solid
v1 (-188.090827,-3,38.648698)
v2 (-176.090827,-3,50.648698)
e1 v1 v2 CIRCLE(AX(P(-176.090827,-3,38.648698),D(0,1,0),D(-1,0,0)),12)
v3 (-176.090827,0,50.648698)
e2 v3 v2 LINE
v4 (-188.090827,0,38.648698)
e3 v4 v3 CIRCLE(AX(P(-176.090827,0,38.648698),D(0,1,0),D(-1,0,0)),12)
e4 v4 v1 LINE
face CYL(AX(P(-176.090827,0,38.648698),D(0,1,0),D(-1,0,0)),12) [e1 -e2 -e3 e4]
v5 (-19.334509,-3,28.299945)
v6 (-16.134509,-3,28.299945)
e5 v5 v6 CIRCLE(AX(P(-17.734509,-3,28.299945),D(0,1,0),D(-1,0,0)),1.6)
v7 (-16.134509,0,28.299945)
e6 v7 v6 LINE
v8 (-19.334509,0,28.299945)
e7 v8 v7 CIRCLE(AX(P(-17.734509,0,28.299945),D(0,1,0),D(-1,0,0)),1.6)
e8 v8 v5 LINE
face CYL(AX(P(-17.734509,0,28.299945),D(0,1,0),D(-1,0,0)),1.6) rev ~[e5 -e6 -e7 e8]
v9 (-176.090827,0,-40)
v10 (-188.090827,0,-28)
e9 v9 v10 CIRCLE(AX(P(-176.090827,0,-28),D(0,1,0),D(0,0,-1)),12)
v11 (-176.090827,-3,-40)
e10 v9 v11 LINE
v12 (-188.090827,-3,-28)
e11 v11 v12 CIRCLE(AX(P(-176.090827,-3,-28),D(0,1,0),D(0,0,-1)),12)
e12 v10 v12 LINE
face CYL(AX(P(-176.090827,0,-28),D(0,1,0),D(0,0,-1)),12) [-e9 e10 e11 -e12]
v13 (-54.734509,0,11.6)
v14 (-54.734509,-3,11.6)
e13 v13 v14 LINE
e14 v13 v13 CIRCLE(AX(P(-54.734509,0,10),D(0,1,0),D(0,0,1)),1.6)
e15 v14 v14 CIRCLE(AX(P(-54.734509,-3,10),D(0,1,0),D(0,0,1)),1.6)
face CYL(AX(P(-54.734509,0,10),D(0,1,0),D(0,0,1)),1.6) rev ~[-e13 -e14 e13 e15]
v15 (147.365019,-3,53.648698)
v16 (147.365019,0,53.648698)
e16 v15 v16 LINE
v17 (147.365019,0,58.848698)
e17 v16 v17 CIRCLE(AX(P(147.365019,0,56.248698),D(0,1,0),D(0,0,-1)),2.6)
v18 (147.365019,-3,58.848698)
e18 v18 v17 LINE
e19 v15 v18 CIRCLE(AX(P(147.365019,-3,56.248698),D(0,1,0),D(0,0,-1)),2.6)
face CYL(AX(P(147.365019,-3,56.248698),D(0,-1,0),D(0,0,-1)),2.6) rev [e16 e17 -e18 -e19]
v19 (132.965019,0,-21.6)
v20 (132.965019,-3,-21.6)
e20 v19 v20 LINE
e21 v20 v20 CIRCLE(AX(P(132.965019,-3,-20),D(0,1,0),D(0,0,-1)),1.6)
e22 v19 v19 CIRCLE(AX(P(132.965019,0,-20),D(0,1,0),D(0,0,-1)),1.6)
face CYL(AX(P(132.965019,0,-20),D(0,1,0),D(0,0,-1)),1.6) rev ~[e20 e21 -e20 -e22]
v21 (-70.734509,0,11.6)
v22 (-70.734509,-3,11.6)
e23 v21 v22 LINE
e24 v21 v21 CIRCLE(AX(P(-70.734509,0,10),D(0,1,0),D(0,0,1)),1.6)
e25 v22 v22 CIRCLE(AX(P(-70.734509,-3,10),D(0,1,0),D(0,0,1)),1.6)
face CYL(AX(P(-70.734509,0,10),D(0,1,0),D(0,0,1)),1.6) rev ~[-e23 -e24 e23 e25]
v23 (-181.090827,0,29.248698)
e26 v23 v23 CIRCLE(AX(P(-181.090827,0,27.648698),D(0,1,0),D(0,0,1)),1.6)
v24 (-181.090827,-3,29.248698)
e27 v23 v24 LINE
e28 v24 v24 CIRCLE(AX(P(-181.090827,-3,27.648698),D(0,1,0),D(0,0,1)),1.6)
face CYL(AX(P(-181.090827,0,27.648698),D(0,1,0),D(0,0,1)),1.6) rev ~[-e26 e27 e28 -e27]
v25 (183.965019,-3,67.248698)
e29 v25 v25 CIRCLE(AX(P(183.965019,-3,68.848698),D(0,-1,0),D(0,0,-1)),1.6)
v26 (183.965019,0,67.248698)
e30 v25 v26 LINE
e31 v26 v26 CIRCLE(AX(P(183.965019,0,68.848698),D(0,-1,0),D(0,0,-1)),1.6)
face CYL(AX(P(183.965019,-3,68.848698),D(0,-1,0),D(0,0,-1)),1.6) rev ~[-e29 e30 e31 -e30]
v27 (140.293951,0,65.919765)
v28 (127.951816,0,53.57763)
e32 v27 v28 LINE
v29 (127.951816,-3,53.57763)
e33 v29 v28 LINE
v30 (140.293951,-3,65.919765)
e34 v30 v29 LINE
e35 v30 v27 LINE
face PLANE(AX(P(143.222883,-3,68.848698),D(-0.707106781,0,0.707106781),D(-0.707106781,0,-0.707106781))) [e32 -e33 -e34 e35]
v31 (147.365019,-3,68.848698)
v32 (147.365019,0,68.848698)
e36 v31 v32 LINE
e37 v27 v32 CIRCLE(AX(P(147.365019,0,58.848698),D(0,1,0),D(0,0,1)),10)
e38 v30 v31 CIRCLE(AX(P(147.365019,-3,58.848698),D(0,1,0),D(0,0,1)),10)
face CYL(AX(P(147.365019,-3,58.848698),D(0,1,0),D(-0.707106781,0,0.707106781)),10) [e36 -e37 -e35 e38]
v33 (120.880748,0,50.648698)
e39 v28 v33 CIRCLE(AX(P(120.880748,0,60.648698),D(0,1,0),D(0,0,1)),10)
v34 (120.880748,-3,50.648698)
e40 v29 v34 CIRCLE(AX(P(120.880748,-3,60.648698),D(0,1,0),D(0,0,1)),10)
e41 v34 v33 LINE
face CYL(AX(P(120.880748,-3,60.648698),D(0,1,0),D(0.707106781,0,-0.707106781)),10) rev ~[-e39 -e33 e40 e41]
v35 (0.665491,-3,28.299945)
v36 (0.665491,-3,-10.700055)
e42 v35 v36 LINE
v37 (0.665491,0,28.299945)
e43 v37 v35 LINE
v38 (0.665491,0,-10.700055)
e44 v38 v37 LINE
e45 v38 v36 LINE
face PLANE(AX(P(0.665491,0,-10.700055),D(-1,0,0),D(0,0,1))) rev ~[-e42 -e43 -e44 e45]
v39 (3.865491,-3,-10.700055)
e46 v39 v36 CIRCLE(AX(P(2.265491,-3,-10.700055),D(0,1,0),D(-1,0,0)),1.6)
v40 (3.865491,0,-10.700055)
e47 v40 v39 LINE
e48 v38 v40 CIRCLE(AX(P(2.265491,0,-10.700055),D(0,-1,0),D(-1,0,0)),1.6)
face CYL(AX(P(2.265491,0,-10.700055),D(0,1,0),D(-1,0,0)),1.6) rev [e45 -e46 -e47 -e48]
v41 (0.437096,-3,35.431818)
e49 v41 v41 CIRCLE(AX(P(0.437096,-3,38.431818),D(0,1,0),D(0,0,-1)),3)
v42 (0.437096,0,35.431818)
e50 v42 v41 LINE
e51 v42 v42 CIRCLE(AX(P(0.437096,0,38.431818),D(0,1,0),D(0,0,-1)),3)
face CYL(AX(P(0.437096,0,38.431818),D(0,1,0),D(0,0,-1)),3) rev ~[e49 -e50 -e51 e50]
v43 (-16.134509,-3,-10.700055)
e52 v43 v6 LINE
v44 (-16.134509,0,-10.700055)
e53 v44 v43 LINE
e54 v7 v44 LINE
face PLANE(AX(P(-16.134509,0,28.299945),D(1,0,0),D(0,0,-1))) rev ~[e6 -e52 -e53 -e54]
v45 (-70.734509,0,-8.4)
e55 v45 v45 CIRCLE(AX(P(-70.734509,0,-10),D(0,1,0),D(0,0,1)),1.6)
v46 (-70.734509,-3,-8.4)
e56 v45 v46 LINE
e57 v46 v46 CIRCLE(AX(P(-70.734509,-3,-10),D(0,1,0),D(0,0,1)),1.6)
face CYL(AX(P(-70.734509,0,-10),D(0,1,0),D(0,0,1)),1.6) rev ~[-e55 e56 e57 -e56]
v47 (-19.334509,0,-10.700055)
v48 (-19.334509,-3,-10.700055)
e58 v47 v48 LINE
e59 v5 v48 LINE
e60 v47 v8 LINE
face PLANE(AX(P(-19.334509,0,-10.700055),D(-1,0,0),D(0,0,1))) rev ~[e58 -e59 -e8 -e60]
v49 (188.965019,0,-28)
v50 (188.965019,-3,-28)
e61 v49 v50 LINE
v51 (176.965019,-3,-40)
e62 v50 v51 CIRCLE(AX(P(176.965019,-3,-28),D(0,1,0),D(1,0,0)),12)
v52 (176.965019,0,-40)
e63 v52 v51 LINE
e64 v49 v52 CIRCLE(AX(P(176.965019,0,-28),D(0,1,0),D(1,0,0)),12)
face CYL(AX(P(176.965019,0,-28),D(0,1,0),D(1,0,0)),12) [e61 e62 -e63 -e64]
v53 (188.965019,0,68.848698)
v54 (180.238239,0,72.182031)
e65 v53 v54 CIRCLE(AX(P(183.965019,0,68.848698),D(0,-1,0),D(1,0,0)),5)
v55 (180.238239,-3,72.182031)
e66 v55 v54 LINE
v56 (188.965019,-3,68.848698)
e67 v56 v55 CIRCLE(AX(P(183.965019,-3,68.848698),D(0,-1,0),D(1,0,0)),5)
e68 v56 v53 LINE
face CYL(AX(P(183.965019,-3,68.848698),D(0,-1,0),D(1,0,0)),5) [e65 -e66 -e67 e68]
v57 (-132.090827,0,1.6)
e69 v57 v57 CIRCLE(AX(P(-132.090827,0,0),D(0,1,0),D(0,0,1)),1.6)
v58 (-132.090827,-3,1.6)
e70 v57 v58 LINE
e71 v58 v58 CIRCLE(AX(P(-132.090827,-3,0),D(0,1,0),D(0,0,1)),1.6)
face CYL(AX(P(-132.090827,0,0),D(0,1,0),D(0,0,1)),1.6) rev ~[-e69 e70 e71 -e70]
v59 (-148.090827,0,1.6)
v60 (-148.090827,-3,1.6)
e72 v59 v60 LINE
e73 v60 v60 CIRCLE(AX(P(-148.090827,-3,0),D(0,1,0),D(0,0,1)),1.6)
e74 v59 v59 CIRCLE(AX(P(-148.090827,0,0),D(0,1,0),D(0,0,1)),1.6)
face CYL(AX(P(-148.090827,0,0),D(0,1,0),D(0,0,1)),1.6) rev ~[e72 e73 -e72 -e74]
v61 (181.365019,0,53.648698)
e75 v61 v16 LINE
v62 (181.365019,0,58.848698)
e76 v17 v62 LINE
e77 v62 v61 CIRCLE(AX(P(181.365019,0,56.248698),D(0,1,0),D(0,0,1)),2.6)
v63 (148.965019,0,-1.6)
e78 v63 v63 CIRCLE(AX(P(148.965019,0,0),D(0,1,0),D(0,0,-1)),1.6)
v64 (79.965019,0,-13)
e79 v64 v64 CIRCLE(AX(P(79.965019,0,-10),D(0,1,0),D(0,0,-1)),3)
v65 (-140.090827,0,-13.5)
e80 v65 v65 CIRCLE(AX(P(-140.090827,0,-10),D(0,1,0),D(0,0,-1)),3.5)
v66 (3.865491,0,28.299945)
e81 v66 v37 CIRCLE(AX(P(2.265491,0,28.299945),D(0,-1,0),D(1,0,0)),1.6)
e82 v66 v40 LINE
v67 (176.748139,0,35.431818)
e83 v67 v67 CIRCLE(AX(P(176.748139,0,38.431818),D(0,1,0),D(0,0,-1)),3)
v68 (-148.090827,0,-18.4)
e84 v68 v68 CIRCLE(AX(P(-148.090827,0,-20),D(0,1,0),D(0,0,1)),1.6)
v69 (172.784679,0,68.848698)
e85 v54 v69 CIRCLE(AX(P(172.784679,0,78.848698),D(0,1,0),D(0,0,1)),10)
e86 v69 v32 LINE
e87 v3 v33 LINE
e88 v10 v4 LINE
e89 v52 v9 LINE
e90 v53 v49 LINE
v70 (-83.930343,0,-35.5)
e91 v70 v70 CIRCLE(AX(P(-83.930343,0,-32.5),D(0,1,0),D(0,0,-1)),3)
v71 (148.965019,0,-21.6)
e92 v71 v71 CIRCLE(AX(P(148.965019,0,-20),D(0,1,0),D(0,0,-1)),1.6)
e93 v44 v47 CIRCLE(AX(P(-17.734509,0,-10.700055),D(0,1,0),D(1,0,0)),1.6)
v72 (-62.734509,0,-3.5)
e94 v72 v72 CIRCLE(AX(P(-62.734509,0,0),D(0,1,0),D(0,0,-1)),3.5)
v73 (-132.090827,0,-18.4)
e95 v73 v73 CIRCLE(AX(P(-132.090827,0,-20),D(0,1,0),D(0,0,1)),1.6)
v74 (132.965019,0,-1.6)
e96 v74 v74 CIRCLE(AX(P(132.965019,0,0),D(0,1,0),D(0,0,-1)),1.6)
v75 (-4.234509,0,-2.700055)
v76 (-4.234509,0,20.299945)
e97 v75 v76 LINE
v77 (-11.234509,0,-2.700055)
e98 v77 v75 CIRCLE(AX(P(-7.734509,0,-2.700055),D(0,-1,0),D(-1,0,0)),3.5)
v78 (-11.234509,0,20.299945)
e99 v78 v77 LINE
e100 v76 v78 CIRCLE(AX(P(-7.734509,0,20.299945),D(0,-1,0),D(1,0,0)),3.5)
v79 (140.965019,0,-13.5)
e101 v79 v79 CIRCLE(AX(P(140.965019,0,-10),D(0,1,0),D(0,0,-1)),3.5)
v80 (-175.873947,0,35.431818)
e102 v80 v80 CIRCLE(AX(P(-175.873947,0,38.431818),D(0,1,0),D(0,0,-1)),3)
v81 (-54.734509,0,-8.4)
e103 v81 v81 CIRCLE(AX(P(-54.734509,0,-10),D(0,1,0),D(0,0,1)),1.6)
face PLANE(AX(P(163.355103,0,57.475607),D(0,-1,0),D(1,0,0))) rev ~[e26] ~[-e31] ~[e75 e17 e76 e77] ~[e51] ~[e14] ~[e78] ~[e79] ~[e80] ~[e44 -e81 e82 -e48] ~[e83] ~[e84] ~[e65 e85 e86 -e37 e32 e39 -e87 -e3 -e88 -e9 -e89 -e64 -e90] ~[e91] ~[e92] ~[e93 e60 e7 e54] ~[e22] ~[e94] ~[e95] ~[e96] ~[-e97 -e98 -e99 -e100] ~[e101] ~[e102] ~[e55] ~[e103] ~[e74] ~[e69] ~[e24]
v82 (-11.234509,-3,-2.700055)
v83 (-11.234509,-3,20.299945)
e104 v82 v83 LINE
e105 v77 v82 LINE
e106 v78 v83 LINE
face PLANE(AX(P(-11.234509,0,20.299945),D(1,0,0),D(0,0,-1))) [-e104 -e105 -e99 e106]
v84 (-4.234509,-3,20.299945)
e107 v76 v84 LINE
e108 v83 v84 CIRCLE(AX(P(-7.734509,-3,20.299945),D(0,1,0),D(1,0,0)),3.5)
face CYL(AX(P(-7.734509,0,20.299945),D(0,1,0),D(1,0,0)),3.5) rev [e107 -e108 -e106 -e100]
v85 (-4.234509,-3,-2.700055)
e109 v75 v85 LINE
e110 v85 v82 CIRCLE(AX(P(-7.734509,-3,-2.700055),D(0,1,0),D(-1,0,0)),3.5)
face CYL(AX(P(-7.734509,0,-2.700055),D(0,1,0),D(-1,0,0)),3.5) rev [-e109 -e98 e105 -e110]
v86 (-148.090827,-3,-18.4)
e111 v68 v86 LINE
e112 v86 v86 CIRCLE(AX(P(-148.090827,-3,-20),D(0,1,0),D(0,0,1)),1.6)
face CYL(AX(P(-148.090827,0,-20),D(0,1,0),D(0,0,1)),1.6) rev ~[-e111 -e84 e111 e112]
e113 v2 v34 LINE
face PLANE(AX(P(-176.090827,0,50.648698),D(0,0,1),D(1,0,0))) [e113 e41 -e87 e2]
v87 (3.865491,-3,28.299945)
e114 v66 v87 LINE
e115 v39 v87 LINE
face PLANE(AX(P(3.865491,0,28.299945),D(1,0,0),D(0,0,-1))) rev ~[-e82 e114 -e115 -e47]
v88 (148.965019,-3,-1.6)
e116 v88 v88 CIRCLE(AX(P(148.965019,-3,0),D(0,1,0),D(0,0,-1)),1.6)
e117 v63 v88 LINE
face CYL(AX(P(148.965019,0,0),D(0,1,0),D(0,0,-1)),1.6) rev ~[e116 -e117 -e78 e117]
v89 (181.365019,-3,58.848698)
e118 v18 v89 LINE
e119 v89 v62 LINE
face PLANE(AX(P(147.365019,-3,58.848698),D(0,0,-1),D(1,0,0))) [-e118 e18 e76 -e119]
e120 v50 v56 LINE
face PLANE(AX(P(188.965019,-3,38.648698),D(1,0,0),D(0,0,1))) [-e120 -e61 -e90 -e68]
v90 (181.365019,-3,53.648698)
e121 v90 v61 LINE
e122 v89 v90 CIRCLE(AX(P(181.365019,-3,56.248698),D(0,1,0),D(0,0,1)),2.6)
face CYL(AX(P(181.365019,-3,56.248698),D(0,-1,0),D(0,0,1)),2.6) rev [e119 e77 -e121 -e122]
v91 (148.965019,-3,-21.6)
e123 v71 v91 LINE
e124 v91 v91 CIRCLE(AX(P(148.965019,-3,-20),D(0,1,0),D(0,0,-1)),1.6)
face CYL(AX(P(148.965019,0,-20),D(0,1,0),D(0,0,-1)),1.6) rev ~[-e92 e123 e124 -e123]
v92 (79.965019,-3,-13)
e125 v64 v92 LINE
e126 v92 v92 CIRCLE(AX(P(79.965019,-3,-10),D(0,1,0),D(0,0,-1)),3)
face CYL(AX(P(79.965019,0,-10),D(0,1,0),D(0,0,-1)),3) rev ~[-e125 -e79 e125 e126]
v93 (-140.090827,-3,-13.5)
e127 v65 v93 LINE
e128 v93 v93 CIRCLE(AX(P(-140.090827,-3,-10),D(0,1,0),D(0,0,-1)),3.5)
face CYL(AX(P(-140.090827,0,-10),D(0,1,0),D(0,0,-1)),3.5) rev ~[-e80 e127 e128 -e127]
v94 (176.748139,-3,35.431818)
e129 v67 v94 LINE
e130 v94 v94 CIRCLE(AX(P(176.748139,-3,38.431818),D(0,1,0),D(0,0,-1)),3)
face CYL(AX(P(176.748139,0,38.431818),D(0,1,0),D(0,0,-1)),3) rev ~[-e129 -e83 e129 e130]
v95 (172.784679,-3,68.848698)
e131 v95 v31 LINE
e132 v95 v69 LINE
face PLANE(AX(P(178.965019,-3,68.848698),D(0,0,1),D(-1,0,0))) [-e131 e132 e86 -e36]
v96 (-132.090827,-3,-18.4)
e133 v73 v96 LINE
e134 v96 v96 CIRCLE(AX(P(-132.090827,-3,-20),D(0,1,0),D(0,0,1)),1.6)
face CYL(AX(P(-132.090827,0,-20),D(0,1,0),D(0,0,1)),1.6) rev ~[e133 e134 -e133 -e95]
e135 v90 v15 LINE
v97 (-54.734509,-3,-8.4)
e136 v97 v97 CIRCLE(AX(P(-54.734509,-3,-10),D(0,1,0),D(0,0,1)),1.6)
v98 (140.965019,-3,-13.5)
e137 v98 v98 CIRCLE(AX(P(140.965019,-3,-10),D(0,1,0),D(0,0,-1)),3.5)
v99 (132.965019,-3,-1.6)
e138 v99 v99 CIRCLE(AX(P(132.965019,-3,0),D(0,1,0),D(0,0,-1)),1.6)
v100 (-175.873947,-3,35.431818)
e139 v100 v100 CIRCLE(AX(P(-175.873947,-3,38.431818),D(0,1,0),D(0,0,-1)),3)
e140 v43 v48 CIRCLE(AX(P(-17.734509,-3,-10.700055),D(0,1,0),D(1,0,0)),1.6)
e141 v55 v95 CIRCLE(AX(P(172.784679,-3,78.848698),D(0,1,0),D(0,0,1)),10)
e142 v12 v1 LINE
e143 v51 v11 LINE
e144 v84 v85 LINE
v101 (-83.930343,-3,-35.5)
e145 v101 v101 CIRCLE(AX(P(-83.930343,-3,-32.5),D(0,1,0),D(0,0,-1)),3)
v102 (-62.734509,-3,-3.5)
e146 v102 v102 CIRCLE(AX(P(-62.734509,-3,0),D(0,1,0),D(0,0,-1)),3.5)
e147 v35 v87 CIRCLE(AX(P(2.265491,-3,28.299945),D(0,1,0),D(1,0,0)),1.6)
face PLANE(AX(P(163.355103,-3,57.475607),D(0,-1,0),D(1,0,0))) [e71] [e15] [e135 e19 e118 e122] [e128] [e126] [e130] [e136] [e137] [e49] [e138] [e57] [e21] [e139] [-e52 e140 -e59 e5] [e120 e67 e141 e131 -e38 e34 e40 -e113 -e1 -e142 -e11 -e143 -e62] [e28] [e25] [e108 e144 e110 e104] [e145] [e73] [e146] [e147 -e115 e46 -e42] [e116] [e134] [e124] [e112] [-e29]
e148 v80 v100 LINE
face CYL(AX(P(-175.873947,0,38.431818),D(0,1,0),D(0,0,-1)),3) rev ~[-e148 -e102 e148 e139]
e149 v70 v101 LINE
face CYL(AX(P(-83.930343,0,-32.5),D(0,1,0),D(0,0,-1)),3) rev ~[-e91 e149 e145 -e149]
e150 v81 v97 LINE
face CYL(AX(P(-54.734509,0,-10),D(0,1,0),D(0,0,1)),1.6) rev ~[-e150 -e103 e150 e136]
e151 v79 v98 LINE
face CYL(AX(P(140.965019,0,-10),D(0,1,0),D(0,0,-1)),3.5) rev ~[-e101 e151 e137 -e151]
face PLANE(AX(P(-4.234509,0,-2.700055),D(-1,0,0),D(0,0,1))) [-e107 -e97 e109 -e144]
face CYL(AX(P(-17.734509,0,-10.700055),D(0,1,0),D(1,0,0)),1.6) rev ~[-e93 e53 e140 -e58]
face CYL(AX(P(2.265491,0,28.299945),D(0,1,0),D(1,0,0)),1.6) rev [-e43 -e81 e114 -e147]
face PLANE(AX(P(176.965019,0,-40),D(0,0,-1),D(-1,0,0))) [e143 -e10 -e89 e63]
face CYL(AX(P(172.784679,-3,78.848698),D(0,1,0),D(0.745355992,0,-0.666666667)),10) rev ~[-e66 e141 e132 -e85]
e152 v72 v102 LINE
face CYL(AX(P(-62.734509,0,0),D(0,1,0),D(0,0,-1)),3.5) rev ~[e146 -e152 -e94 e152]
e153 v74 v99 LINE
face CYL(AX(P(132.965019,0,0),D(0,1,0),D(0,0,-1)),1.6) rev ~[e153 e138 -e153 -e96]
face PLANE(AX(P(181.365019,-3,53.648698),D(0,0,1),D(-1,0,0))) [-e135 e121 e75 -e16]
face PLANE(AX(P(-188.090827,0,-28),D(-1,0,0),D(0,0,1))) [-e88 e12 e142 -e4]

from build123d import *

# Parameters (mm, degrees)
ESBO_O1_R                = 3.5
ESBO_O1_R_2              = 3
ESBO_O1_R_3              = 1.6
RESSALTO_EXTRUS_O1_DEPTH = 3
ESBO_O2_R                = 1.6
RESSALTO_EXTRUS_O2_DEPTH = 3
FILETE2_R                = 10
CORTE_EXTRUS_O1_DEPTH    = 203.904924863


with BuildPart() as part:
    # Esboço1 → Ressalto-extrusão1 (new body)
    with BuildSketch(Plane(origin=(0, 0, 0), x_dir=(1, 0, 0), z_dir=(0, 1, 0))):
        with BuildLine():
            Line((188.965018959, -38.648697641), (188.965018959, 28))
            ThreePointArc((188.965018959, 28), (185.450300333, 36.485281374), (176.965018959, 40))
            Line((176.965018959, 40), (-176.090826953, 40))
            ThreePointArc((-176.090826953, 40), (-184.576108327, 36.485281374), (-188.090826953, 28))
            Line((-188.090826953, 28), (-188.090826953, -38.648697641))
            ThreePointArc((-188.090826953, -38.648697641), (-184.576108327, -47.133979015), (-176.090826953, -50.648697641))
            Line((-176.090826953, -50.648697641), (176.965018959, -50.648697641))
            ThreePointArc((176.965018959, -50.648697641), (185.450300333, -47.133979015), (188.965018959, -38.648697641))
        make_face()
        with Locations(Location((-62.734509176, 0, 0), (0, 0, 90))):
            Circle(ESBO_O1_R, mode=Mode.SUBTRACT)
        with Locations(Location((176.748138959, -38.431817641, 0), (0, 0, 90))):
            Circle(ESBO_O1_R_2, mode=Mode.SUBTRACT)
        with Locations(Location((0.437096003, -38.431817641, 0), (0, 0, 90))):
            Circle(ESBO_O1_R_2, mode=Mode.SUBTRACT)
        with Locations(Location((79.965018959, 10, 0), (0, 0, 90))):
            Circle(ESBO_O1_R_2, mode=Mode.SUBTRACT)
        with Locations(Location((-140.090826953, 10, 0), (0, 0, 90))):
            Circle(ESBO_O1_R, mode=Mode.SUBTRACT)
        with Locations(Location((-148.090826953, 0, 0), (0, 0, 270))):
            Circle(ESBO_O1_R_3, mode=Mode.SUBTRACT)
        with Locations(Location((-132.090826953, 0, 0), (0, 0, 270))):
            Circle(ESBO_O1_R_3, mode=Mode.SUBTRACT)
        with Locations(Location((-132.090826953, 20, 0), (0, 0, 270))):
            Circle(ESBO_O1_R_3, mode=Mode.SUBTRACT)
        with Locations(Location((-148.090826953, 20, 0), (0, 0, 270))):
            Circle(ESBO_O1_R_3, mode=Mode.SUBTRACT)
        with Locations(Location((-70.734509176, -10, 0), (0, 0, 270))):
            Circle(ESBO_O1_R_3, mode=Mode.SUBTRACT)
        with Locations(Location((-70.734509176, 10, 0), (0, 0, 270))):
            Circle(ESBO_O1_R_3, mode=Mode.SUBTRACT)
        with Locations(Location((-54.734509176, 10, 0), (0, 0, 270))):
            Circle(ESBO_O1_R_3, mode=Mode.SUBTRACT)
        with Locations(Location((-54.734509176, -10, 0), (0, 0, 270))):
            Circle(ESBO_O1_R_3, mode=Mode.SUBTRACT)
        with Locations(Location((-83.930342624, 32.5, 0), (0, 0, 90))):
            Circle(ESBO_O1_R_2, mode=Mode.SUBTRACT)
        with Locations(Location((-175.873946953, -38.431817641, 0), (0, 0, 90))):
            Circle(ESBO_O1_R_2, mode=Mode.SUBTRACT)
        with Locations(Location((140.965018959, 10, 0), (0, 0, 90))):
            Circle(ESBO_O1_R, mode=Mode.SUBTRACT)
        with Locations(Location((148.965018959, 0, 0), (0, 0, 90))):
            Circle(ESBO_O1_R_3, mode=Mode.SUBTRACT)
        with Locations(Location((148.965018959, 20, 0), (0, 0, 90))):
            Circle(ESBO_O1_R_3, mode=Mode.SUBTRACT)
        with Locations(Location((132.965018959, 0, 0), (0, 0, 90))):
            Circle(ESBO_O1_R_3, mode=Mode.SUBTRACT)
        with Locations(Location((132.965018959, 20, 0), (0, 0, 90))):
            Circle(ESBO_O1_R_3, mode=Mode.SUBTRACT)
        with Locations(Location((-181.090826953, -27.648697641, 0), (0, 0, 270))):
            Circle(ESBO_O1_R_3, mode=Mode.SUBTRACT)
    extrude(amount=-RESSALTO_EXTRUS_O1_DEPTH)

    # Esboço2 → Ressalto-extrusão2 (add)
    with BuildSketch(Plane.XZ.offset(3)):
        with BuildLine():
            Line((125.022883335, 50.648697641), (176.965018959, 50.648697641))
            ThreePointArc((176.965018959, 50.648697641), (185.450300333, 47.133979015), (188.965018959, 38.648697641))
            Line((188.965018959, 38.648697641), (188.965018959, 68.848697641))
            ThreePointArc((188.965018959, 68.848697641), (183.965018959, 73.848697641), (178.965018959, 68.848697641))
            Line((178.965018959, 68.848697641), (143.222883335, 68.848697641))
            Line((143.222883335, 68.848697641), (125.022883335, 50.648697641))
        make_face()
        with BuildLine():
            Line((147.365018959, 58.848697641), (181.365018959, 58.848697641))
            ThreePointArc((181.365018959, 58.848697641), (183.965018959, 56.248697641), (181.365018959, 53.648697641))
            Line((181.365018959, 53.648697641), (147.365018959, 53.648697641))
            ThreePointArc((147.365018959, 53.648697641), (144.765018959, 56.248697641), (147.365018959, 58.848697641))
        make_face(mode=Mode.SUBTRACT)
        with Locations(Location((183.965018959, 68.848697641, 0), (0, 0, 270))):
            Circle(ESBO_O2_R, mode=Mode.SUBTRACT)
    extrude(amount=-RESSALTO_EXTRUS_O2_DEPTH)

    # Filete2
    filete2_edges = [part.edges().sort_by_distance(p)[0] for p in [
        (125.022883335, -1.5, 50.648697641),
        (143.222883335, -1.5, 68.848697641),
        (178.965018959, -1.5, 68.848697641),
    ]]
    fillet(filete2_edges, radius=FILETE2_R)

    # Esboço3 → Corte-extrusão1 (cut, through all)
    with BuildSketch(Plane(origin=(0, 0, 0), x_dir=(1, 0, 0), z_dir=(0, 1, 0))):
        with BuildLine():
            Line((-4.234509176, 2.700055346), (-4.234509176, -20.299944654))
            ThreePointArc((-4.234509176, -20.299944654), (-7.734509176, -23.799944654), (-11.234509176, -20.299944654))
            Line((-11.234509176, -20.299944654), (-11.234509176, 2.700055346))
            ThreePointArc((-11.234509176, 2.700055346), (-7.734509176, 6.200055346), (-4.234509176, 2.700055346))
        make_face()
        with BuildLine():
            Line((3.865490824, 10.700055346), (3.865490824, -12.299944654))
            ThreePointArc((3.865490824, -12.299944654), (2.265490824, -13.899944654), (0.665490824, -12.299944654))
            Line((0.665490824, -12.299944654), (0.665490824, 10.700055346))
            ThreePointArc((0.665490824, 10.700055346), (2.265490824, 12.300055346), (3.865490824, 10.700055346))
        make_face()
        with BuildLine():
            Line((3.865490824, -5.299944654), (3.865490824, -28.299944654))
            ThreePointArc((3.865490824, -28.299944654), (2.265490824, -29.899944654), (0.665490824, -28.299944654))
            Line((0.665490824, -28.299944654), (0.665490824, -5.299944654))
            ThreePointArc((0.665490824, -5.299944654), (2.265490824, -3.699944654), (3.865490824, -5.299944654))
        make_face()
        with BuildLine():
            Line((-19.334509176, 10.700055346), (-19.334509176, -12.299944654))
            ThreePointArc((-19.334509176, -12.299944654), (-17.734509176, -13.899944654), (-16.134509176, -12.299944654))
            Line((-16.134509176, -12.299944654), (-16.134509176, 10.700055346))
            ThreePointArc((-16.134509176, 10.700055346), (-17.734509176, 12.300055346), (-19.334509176, 10.700055346))
        make_face()
        with BuildLine():
            Line((-19.334509176, -5.299944654), (-19.334509176, -28.299944654))
            ThreePointArc((-19.334509176, -28.299944654), (-17.734509176, -29.899944654), (-16.134509176, -28.299944654))
            Line((-16.134509176, -28.299944654), (-16.134509176, -5.299944654))
            ThreePointArc((-16.134509176, -5.299944654), (-17.734509176, -3.699944654), (-19.334509176, -5.299944654))
        make_face()
    extrude(amount=-CORTE_EXTRUS_O1_DEPTH, mode=Mode.SUBTRACT)


solid = part.part
